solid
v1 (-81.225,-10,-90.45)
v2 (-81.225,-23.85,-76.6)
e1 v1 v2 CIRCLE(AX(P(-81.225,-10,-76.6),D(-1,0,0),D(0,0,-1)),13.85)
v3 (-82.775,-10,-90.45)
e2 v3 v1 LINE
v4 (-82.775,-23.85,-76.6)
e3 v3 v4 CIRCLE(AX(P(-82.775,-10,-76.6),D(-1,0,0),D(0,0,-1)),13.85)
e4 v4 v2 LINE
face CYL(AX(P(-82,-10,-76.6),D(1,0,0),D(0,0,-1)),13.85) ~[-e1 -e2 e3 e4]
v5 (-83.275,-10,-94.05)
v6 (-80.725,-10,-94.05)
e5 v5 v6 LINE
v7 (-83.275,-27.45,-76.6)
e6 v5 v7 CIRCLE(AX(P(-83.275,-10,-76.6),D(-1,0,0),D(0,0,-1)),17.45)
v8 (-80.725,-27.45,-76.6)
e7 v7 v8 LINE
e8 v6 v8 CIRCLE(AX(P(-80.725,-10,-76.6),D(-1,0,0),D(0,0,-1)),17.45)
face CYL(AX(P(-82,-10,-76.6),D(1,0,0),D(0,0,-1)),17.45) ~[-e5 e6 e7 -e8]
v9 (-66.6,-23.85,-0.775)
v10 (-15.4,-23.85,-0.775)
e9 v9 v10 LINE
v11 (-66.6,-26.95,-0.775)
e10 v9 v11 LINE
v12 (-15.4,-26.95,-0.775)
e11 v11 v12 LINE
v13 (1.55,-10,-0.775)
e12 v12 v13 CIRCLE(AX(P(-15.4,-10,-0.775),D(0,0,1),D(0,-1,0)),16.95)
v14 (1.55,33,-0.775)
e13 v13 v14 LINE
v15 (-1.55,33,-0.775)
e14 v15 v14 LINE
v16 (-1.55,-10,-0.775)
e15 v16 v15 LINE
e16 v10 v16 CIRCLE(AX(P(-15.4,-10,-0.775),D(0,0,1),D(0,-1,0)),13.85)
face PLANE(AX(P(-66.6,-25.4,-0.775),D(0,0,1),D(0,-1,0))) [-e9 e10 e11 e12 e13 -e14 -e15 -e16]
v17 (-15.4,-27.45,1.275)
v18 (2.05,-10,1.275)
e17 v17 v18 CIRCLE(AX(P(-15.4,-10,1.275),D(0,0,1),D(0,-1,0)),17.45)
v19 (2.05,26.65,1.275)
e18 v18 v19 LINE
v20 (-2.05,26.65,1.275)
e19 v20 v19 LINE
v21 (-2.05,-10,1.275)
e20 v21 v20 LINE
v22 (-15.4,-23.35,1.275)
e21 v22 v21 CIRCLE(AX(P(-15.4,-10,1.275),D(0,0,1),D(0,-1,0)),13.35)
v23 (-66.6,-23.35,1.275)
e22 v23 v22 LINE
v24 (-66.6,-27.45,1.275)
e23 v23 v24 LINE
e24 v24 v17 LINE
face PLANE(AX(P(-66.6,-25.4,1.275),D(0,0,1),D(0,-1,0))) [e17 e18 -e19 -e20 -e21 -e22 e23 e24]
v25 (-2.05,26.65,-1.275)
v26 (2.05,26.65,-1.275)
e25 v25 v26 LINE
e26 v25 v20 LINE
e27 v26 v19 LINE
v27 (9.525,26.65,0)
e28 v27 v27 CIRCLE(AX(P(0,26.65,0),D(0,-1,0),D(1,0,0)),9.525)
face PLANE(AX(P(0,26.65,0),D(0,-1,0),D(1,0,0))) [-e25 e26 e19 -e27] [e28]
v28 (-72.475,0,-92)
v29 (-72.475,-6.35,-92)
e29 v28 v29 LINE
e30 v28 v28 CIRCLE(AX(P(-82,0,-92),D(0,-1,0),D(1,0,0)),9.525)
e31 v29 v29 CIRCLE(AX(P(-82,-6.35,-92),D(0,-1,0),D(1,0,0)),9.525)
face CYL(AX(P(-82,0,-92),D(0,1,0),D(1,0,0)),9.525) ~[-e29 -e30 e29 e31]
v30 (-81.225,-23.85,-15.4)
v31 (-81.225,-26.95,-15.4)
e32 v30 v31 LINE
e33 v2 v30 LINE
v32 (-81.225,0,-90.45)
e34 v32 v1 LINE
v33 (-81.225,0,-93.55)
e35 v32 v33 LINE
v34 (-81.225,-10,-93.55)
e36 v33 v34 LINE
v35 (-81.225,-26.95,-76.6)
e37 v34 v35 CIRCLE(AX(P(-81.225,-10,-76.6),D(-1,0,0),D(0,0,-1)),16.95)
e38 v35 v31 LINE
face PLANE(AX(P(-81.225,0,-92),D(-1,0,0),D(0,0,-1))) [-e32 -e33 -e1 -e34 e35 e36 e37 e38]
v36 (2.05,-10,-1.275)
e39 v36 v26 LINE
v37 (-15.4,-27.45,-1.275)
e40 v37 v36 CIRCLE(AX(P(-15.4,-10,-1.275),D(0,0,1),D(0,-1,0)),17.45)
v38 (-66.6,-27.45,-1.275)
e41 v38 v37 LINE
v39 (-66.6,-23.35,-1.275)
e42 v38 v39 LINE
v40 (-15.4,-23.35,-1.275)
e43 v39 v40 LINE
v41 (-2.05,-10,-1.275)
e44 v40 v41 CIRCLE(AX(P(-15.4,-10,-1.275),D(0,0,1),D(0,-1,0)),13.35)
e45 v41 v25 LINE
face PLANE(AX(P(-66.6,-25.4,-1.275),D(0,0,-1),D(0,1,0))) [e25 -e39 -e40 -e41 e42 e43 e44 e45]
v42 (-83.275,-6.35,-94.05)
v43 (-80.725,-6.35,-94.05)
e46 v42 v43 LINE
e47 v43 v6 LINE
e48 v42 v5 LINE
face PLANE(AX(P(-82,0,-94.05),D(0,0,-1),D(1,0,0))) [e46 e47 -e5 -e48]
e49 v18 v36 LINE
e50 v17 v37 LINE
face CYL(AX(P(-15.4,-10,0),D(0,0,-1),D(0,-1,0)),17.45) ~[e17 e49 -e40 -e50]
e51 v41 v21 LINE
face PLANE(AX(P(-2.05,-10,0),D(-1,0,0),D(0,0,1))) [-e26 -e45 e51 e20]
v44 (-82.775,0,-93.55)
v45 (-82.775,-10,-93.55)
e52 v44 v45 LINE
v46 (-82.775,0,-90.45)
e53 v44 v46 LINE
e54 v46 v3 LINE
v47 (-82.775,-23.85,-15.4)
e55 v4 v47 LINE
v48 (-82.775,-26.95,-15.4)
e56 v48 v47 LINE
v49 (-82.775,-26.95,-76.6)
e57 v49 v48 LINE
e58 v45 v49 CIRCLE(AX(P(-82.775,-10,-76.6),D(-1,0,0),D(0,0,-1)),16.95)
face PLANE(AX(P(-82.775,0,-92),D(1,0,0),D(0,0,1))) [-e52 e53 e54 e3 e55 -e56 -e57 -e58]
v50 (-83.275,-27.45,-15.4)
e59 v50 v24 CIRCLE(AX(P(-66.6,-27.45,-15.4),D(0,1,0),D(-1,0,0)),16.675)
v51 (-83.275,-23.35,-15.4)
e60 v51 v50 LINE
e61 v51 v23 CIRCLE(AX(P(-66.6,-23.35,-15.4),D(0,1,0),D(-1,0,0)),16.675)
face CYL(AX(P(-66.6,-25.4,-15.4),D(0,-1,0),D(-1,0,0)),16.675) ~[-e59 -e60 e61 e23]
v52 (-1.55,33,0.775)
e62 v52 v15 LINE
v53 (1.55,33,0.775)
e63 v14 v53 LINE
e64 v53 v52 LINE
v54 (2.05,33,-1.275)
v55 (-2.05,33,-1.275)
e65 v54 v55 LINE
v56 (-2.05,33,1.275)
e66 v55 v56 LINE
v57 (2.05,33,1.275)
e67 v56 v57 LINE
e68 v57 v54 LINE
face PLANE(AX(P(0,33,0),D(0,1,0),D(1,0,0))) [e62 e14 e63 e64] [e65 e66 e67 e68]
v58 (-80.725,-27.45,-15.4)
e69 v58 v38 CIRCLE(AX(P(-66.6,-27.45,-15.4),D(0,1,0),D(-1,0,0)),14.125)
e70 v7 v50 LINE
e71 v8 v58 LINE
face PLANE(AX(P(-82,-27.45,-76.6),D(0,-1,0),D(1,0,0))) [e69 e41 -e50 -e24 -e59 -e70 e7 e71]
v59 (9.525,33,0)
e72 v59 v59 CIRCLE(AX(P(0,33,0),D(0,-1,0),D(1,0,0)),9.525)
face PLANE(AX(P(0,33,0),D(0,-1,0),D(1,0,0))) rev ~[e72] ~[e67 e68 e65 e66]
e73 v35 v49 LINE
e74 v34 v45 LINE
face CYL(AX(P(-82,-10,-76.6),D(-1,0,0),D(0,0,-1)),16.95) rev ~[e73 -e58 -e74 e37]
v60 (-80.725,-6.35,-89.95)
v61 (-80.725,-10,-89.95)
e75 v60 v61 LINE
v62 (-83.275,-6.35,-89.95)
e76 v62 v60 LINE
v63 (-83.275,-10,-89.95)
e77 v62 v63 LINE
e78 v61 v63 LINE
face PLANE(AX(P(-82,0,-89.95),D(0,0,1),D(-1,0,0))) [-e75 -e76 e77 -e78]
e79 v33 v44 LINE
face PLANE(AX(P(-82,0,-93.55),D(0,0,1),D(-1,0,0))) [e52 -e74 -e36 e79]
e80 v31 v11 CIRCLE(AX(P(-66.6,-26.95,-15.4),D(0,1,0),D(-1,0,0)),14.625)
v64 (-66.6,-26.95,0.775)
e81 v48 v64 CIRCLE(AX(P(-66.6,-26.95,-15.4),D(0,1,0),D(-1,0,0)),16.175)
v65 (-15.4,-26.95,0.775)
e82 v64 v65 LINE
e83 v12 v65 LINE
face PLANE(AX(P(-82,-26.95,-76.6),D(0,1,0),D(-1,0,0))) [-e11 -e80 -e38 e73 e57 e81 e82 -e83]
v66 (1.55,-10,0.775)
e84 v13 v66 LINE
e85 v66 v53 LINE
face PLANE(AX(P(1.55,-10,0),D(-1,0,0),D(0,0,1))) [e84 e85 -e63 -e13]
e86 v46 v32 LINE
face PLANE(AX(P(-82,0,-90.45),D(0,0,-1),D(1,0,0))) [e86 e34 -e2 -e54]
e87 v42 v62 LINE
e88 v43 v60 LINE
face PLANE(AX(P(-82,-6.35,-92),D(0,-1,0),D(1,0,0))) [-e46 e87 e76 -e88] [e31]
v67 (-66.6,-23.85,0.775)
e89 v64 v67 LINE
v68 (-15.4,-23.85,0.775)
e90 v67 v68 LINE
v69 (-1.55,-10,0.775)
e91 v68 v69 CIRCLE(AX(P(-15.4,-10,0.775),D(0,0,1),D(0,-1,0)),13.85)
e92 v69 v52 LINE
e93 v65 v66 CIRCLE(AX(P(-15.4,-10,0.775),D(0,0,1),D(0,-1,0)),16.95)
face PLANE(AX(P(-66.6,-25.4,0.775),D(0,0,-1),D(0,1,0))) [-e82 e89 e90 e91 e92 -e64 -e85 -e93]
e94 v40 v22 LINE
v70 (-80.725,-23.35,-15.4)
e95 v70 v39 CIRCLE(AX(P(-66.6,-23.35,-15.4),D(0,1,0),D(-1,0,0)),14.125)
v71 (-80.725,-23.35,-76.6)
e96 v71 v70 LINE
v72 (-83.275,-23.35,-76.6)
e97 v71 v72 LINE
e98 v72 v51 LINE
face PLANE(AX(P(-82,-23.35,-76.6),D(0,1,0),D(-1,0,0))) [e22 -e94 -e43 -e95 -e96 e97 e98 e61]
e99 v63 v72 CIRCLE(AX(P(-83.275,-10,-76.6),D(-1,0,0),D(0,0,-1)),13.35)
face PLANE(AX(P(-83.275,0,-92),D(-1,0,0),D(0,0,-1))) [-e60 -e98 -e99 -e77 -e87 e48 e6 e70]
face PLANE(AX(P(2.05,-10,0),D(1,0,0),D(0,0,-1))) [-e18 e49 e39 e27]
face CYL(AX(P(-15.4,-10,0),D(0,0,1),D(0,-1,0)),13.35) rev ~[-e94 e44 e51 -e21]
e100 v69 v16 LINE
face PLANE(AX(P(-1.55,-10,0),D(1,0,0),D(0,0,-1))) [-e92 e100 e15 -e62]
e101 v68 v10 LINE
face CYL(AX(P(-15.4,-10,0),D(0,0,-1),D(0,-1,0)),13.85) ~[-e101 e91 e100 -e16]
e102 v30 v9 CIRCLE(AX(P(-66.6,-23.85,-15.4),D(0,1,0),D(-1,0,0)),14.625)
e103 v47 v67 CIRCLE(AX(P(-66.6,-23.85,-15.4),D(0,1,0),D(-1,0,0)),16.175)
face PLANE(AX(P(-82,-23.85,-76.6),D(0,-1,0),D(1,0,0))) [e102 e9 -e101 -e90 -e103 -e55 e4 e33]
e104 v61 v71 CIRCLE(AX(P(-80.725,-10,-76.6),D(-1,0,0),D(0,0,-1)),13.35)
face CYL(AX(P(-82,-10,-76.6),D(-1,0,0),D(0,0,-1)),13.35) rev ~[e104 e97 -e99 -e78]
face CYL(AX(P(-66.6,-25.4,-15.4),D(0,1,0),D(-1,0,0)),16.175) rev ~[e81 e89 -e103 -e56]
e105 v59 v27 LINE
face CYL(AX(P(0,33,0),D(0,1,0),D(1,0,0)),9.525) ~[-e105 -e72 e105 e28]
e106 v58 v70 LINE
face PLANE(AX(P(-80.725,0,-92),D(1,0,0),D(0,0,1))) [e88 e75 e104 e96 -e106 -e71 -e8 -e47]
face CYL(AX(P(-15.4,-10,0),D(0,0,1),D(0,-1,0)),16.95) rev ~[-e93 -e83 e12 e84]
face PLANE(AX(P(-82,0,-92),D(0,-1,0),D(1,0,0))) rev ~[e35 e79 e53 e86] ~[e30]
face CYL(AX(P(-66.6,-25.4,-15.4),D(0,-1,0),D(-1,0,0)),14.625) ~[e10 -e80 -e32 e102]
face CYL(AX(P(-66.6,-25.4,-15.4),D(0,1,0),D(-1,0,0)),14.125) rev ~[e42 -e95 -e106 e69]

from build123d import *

# Parameters (mm, degrees)
F7_W      = 2.55
F7_H      = 4.1
F7_W_2    = 1.55
F7_H_2    = 3.1
F6_R      = 9.525
F6_W      = 4.1
F6_H      = 2.55
F9_DEPTH  = 6.35
F7_R      = 9.525
F10_DEPTH = 6.35


with BuildPart() as f8:
    # F8: sweep along a path in F4, F2, F0
    with BuildLine(Plane.YZ.offset(-82)) as f8_path:
        Line((0, -92), (-10, -92))
        ThreePointArc((-10, -92), (-20.8894444303, -87.4894444303), (-25.4, -76.6))
        Line((-25.4, -76.6), (-25.4, -66.6))
    with BuildLine(Plane.XZ.offset(25.4)) as f8_path_2:
        Line((-82, -66.6), (-82, -25.4))
        Line((-82, -25.4), (-82, -15.4))
        ThreePointArc((-82, -15.4), (-77.4894444303, -4.5105555697), (-66.6, 0))
        Line((-66.6, 0), (-56.6, 0))
    with BuildLine(Plane.XY) as f8_path_3:
        Line((-56.6, -25.4), (-25.4, -25.4))
        Line((-25.4, -25.4), (-15.4, -25.4))
        ThreePointArc((-15.4, -25.4), (-4.5105555697, -20.8894444303), (0, -10))
        Line((0, -10), (0, 0))
        Line((0, 0), (0, 33))
    # F7 (on Front) → F8 (sweep)
    with BuildSketch(Plane.XZ):
        with Locations((-82, -92)):
            Rectangle(F7_W, F7_H)
        with Locations((-82, -92)):
            Rectangle(F7_W_2, F7_H_2, mode=Mode.SUBTRACT)
    sweep(path=f8_path.line + f8_path_2.line + f8_path_3.line)

    # F6 (on offset) → F9 (join)
    with BuildSketch(Plane.XZ.offset(-33)):
        Circle(F6_R)
        Rectangle(F6_W, F6_H, mode=Mode.SUBTRACT)
    extrude(amount=F9_DEPTH)

    # F7 (on Front) → F10 (join)
    with BuildSketch(Plane.XZ):
        with Locations((-82, -92)):
            Circle(F7_R)
        with Locations((-82, -92)):
            Rectangle(F7_W, F7_H, mode=Mode.SUBTRACT)
    extrude(amount=F10_DEPTH)


solid = f8.part
